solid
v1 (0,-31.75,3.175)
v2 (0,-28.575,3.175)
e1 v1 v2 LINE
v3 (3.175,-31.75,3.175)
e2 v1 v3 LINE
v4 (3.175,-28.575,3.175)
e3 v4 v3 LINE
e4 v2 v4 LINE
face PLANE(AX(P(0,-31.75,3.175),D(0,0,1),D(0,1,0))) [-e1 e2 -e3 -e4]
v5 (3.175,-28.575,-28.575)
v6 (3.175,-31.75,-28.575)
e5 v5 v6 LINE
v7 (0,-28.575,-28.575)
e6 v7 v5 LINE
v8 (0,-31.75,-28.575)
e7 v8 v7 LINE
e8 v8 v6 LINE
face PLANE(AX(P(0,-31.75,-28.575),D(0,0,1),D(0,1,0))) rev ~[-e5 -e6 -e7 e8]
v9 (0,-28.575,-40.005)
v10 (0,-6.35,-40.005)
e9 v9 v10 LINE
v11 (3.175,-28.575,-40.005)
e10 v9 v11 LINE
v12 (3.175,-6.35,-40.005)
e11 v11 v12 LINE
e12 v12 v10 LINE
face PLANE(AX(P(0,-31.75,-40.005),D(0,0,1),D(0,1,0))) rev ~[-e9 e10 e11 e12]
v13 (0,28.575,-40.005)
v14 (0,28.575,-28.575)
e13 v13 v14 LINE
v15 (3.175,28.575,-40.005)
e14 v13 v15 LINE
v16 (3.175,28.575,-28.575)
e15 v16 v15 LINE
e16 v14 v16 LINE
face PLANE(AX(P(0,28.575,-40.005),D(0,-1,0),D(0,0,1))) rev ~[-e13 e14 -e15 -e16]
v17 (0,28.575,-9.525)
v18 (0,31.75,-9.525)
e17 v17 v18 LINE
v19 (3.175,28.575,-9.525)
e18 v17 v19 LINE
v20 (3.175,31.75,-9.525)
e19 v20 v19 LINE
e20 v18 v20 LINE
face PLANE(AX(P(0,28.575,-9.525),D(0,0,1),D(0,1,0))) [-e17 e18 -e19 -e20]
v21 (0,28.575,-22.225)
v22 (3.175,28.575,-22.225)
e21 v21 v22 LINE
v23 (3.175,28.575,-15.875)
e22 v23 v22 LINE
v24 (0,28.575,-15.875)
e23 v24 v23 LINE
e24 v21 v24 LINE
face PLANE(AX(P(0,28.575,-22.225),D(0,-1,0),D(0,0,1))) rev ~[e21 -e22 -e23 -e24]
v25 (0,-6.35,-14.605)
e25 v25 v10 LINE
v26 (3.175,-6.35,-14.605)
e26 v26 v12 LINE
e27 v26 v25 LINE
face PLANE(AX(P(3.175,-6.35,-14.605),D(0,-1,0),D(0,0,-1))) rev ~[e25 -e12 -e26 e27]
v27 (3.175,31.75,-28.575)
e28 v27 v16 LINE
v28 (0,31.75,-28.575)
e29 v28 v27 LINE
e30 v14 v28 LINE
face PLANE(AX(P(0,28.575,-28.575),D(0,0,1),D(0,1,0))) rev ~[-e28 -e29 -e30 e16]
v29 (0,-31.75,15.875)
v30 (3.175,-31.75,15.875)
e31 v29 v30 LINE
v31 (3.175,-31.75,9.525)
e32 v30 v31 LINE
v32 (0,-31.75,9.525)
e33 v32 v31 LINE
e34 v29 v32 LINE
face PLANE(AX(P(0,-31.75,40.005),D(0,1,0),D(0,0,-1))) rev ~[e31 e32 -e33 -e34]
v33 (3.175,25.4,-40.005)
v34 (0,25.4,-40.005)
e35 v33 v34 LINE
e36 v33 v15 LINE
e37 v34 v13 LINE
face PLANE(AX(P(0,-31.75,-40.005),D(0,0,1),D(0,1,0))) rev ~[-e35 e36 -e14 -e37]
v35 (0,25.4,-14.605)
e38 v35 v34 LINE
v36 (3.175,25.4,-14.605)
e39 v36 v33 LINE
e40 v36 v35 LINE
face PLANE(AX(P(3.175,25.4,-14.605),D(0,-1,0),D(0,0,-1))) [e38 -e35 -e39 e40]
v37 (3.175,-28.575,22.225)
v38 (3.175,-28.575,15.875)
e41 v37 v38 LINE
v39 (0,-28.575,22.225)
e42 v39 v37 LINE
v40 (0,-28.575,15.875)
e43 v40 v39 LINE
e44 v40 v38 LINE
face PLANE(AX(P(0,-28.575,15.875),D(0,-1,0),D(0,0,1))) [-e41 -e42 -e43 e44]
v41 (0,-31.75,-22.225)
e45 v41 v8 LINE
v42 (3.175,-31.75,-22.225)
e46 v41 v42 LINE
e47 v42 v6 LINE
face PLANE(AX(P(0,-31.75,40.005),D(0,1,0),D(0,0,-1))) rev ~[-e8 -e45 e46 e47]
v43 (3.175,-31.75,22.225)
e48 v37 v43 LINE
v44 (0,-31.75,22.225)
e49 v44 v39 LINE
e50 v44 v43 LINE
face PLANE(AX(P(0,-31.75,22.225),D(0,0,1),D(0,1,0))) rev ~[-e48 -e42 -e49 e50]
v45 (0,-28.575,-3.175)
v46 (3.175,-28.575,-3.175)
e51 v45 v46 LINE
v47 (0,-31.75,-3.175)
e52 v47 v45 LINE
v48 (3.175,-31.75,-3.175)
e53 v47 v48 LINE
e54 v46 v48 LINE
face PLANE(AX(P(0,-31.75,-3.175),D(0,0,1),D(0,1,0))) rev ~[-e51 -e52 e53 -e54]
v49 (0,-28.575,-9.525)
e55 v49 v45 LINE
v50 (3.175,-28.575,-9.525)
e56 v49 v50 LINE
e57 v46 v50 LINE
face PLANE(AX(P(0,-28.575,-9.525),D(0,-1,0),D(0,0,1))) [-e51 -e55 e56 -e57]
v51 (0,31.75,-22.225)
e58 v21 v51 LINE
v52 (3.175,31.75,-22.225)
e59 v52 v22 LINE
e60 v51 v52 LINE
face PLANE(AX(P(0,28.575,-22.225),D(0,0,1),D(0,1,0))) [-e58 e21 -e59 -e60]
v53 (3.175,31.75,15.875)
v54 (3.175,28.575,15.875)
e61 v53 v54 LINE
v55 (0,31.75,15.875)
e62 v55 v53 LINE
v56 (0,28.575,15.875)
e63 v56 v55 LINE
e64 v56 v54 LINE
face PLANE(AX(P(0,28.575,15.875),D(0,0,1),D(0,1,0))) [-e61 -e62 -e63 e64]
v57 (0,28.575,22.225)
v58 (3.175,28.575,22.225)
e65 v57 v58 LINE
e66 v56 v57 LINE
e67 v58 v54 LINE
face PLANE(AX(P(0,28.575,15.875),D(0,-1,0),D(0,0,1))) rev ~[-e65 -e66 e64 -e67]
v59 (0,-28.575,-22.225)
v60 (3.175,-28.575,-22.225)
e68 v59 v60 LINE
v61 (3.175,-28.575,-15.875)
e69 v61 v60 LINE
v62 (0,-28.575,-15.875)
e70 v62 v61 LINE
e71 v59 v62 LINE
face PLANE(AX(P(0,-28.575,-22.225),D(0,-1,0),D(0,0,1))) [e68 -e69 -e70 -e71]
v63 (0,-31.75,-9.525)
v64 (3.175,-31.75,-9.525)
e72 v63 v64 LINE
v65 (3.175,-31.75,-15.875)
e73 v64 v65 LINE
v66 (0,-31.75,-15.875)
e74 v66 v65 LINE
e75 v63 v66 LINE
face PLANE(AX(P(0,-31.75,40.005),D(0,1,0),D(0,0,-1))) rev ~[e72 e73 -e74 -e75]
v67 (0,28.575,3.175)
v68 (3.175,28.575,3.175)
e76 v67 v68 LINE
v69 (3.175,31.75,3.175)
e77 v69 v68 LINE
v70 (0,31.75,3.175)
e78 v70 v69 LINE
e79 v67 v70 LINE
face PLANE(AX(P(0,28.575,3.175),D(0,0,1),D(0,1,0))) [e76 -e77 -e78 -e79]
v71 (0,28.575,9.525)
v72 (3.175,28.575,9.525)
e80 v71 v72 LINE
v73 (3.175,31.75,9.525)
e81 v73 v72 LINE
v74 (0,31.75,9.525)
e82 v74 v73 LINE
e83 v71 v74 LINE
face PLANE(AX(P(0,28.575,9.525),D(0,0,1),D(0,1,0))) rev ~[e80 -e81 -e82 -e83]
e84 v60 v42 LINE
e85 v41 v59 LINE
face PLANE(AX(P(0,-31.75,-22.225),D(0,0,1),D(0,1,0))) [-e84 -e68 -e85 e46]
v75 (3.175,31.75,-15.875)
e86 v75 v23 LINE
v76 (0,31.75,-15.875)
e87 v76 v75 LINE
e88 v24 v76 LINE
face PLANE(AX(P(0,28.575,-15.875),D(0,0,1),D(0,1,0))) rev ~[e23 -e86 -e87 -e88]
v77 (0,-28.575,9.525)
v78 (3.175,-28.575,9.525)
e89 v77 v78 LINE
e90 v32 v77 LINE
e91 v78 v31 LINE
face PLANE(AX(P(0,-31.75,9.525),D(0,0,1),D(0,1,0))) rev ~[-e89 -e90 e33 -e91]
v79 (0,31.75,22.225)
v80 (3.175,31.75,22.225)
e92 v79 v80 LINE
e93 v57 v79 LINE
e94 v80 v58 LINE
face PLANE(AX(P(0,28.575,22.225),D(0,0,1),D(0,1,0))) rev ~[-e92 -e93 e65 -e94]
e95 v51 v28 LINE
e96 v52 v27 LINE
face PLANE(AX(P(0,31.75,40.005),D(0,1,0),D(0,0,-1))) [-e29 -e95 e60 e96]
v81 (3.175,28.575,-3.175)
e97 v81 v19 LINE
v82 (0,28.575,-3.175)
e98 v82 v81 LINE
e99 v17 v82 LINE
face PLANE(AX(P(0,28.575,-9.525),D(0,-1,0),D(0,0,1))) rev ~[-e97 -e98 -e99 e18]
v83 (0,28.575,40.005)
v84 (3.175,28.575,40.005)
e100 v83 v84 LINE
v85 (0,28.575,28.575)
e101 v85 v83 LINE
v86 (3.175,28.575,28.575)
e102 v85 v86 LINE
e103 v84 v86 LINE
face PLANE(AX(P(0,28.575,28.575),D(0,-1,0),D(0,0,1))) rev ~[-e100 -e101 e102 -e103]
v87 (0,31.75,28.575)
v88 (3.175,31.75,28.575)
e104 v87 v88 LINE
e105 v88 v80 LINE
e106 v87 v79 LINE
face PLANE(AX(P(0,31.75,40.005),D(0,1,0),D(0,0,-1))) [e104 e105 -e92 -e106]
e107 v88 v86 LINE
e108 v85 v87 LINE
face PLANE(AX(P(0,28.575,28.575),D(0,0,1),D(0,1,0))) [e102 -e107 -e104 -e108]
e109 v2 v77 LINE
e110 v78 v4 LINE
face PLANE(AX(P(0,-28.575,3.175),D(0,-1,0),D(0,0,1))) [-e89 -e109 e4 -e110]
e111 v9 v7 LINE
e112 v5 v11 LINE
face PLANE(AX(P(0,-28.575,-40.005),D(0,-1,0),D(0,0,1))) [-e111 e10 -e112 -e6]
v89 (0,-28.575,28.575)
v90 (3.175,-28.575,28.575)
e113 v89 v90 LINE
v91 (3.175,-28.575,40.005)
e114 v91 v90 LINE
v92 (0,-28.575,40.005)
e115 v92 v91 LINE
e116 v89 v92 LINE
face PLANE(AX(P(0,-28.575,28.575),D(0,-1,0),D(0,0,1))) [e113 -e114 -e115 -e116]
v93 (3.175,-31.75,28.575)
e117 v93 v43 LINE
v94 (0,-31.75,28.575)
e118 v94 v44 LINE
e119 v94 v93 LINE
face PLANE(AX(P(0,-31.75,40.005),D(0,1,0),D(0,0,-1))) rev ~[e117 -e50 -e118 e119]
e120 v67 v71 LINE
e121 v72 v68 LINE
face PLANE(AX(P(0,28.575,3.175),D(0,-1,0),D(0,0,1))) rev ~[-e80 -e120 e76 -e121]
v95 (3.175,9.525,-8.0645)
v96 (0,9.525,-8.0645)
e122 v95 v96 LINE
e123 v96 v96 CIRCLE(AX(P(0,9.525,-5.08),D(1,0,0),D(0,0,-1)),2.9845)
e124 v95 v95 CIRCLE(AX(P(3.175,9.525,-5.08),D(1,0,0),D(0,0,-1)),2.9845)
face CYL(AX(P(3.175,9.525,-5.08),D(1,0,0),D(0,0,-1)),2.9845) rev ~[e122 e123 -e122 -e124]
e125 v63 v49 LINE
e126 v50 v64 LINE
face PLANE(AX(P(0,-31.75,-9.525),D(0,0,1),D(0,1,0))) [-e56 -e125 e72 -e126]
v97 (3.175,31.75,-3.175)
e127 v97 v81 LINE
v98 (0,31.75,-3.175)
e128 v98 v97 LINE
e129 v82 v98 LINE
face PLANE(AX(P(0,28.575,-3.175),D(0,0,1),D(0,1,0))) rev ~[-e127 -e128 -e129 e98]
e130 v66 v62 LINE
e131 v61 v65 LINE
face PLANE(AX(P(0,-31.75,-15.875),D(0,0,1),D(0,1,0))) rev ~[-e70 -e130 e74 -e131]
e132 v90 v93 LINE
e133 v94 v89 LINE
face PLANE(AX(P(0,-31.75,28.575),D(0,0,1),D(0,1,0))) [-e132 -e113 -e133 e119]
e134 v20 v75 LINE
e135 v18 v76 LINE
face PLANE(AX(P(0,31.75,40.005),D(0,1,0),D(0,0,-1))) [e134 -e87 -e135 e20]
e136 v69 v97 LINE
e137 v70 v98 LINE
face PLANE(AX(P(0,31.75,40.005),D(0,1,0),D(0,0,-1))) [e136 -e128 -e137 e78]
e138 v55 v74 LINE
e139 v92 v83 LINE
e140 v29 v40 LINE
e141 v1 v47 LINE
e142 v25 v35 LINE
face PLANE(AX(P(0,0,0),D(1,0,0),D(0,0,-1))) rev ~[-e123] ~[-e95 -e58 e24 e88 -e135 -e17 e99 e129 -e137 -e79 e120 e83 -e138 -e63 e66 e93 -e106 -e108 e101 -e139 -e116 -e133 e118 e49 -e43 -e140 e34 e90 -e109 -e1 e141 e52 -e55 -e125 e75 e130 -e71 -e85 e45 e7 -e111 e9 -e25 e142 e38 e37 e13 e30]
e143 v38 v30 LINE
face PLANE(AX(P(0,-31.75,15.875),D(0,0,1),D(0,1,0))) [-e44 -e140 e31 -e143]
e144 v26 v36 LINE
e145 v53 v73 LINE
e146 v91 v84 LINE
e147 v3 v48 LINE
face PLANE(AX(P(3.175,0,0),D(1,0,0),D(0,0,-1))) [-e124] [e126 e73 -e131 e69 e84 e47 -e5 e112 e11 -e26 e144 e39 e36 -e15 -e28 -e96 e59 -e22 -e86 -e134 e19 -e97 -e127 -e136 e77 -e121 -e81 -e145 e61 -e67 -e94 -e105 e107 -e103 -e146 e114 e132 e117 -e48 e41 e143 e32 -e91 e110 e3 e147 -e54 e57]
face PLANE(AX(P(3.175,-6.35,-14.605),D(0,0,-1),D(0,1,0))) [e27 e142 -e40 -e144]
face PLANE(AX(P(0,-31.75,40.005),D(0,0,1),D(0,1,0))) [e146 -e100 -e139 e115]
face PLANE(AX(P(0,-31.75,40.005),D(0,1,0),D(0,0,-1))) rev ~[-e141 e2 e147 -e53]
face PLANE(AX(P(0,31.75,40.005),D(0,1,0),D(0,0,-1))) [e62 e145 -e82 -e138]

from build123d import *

# Parameters (mm, degrees)
SKETCH2_W           = 80.01
SKETCH2_H           = 63.5
BOSS_EXTRUDE1_DEPTH = 3.175
SKETCH3_W           = 11.43
SKETCH3_H           = 3.175
SKETCH3_W_2         = 6.35
CUT_EXTRUDE1_DEPTH  = 4.175
SKETCH4_R           = 2.9845
SKETCH4_W           = 25.4
SKETCH4_H           = 31.75
CUT_EXTRUDE2_DEPTH  = 4.175


with BuildPart() as part:
    # Sketch2 → Boss-Extrude1 (new body)
    with BuildSketch(Plane(origin=(0, 0, 0), x_dir=(0, 0, -1), z_dir=(1, 0, 0))):
        Rectangle(SKETCH2_W, SKETCH2_H)
    extrude(amount=BOSS_EXTRUDE1_DEPTH)

    # Sketch3 → Cut-Extrude1 (cut, through all)
    with BuildSketch(Plane.ZY):
        with Locations((-34.29, -30.1625)):
            Rectangle(SKETCH3_W, SKETCH3_H)
        with Locations((-19.05, -30.1625)):
            Rectangle(SKETCH3_W_2, SKETCH3_H)
        with Locations((-6.35, -30.1625)):
            Rectangle(SKETCH3_W_2, SKETCH3_H)
        with Locations((6.35, -30.1625)):
            Rectangle(SKETCH3_W_2, SKETCH3_H)
        with Locations((19.05, -30.1625)):
            Rectangle(SKETCH3_W_2, SKETCH3_H)
        with Locations((34.29, -30.1625)):
            Rectangle(SKETCH3_W, SKETCH3_H)
        with Locations((34.29, 30.1625)):
            Rectangle(SKETCH3_W, SKETCH3_H)
        with Locations((19.05, 30.1625)):
            Rectangle(SKETCH3_W_2, SKETCH3_H)
        with Locations((6.35, 30.1625)):
            Rectangle(SKETCH3_W_2, SKETCH3_H)
        with Locations((-6.35, 30.1625)):
            Rectangle(SKETCH3_W_2, SKETCH3_H)
        with Locations((-19.05, 30.1625)):
            Rectangle(SKETCH3_W_2, SKETCH3_H)
        with Locations((-34.29, 30.1625)):
            Rectangle(SKETCH3_W, SKETCH3_H)
    extrude(amount=-CUT_EXTRUDE1_DEPTH, mode=Mode.SUBTRACT)

    # Sketch4 → Cut-Extrude2 (cut, through all)
    with BuildSketch(Plane(origin=(3.175, 0, 0), x_dir=(0, 0, -1), z_dir=(1, 0, 0))):
        with Locations((5.08, 9.525)):
            Circle(SKETCH4_R)
        with Locations((27.305, 9.525)):
            Rectangle(SKETCH4_W, SKETCH4_H)
    extrude(amount=-CUT_EXTRUDE2_DEPTH, mode=Mode.SUBTRACT)


solid = part.part
